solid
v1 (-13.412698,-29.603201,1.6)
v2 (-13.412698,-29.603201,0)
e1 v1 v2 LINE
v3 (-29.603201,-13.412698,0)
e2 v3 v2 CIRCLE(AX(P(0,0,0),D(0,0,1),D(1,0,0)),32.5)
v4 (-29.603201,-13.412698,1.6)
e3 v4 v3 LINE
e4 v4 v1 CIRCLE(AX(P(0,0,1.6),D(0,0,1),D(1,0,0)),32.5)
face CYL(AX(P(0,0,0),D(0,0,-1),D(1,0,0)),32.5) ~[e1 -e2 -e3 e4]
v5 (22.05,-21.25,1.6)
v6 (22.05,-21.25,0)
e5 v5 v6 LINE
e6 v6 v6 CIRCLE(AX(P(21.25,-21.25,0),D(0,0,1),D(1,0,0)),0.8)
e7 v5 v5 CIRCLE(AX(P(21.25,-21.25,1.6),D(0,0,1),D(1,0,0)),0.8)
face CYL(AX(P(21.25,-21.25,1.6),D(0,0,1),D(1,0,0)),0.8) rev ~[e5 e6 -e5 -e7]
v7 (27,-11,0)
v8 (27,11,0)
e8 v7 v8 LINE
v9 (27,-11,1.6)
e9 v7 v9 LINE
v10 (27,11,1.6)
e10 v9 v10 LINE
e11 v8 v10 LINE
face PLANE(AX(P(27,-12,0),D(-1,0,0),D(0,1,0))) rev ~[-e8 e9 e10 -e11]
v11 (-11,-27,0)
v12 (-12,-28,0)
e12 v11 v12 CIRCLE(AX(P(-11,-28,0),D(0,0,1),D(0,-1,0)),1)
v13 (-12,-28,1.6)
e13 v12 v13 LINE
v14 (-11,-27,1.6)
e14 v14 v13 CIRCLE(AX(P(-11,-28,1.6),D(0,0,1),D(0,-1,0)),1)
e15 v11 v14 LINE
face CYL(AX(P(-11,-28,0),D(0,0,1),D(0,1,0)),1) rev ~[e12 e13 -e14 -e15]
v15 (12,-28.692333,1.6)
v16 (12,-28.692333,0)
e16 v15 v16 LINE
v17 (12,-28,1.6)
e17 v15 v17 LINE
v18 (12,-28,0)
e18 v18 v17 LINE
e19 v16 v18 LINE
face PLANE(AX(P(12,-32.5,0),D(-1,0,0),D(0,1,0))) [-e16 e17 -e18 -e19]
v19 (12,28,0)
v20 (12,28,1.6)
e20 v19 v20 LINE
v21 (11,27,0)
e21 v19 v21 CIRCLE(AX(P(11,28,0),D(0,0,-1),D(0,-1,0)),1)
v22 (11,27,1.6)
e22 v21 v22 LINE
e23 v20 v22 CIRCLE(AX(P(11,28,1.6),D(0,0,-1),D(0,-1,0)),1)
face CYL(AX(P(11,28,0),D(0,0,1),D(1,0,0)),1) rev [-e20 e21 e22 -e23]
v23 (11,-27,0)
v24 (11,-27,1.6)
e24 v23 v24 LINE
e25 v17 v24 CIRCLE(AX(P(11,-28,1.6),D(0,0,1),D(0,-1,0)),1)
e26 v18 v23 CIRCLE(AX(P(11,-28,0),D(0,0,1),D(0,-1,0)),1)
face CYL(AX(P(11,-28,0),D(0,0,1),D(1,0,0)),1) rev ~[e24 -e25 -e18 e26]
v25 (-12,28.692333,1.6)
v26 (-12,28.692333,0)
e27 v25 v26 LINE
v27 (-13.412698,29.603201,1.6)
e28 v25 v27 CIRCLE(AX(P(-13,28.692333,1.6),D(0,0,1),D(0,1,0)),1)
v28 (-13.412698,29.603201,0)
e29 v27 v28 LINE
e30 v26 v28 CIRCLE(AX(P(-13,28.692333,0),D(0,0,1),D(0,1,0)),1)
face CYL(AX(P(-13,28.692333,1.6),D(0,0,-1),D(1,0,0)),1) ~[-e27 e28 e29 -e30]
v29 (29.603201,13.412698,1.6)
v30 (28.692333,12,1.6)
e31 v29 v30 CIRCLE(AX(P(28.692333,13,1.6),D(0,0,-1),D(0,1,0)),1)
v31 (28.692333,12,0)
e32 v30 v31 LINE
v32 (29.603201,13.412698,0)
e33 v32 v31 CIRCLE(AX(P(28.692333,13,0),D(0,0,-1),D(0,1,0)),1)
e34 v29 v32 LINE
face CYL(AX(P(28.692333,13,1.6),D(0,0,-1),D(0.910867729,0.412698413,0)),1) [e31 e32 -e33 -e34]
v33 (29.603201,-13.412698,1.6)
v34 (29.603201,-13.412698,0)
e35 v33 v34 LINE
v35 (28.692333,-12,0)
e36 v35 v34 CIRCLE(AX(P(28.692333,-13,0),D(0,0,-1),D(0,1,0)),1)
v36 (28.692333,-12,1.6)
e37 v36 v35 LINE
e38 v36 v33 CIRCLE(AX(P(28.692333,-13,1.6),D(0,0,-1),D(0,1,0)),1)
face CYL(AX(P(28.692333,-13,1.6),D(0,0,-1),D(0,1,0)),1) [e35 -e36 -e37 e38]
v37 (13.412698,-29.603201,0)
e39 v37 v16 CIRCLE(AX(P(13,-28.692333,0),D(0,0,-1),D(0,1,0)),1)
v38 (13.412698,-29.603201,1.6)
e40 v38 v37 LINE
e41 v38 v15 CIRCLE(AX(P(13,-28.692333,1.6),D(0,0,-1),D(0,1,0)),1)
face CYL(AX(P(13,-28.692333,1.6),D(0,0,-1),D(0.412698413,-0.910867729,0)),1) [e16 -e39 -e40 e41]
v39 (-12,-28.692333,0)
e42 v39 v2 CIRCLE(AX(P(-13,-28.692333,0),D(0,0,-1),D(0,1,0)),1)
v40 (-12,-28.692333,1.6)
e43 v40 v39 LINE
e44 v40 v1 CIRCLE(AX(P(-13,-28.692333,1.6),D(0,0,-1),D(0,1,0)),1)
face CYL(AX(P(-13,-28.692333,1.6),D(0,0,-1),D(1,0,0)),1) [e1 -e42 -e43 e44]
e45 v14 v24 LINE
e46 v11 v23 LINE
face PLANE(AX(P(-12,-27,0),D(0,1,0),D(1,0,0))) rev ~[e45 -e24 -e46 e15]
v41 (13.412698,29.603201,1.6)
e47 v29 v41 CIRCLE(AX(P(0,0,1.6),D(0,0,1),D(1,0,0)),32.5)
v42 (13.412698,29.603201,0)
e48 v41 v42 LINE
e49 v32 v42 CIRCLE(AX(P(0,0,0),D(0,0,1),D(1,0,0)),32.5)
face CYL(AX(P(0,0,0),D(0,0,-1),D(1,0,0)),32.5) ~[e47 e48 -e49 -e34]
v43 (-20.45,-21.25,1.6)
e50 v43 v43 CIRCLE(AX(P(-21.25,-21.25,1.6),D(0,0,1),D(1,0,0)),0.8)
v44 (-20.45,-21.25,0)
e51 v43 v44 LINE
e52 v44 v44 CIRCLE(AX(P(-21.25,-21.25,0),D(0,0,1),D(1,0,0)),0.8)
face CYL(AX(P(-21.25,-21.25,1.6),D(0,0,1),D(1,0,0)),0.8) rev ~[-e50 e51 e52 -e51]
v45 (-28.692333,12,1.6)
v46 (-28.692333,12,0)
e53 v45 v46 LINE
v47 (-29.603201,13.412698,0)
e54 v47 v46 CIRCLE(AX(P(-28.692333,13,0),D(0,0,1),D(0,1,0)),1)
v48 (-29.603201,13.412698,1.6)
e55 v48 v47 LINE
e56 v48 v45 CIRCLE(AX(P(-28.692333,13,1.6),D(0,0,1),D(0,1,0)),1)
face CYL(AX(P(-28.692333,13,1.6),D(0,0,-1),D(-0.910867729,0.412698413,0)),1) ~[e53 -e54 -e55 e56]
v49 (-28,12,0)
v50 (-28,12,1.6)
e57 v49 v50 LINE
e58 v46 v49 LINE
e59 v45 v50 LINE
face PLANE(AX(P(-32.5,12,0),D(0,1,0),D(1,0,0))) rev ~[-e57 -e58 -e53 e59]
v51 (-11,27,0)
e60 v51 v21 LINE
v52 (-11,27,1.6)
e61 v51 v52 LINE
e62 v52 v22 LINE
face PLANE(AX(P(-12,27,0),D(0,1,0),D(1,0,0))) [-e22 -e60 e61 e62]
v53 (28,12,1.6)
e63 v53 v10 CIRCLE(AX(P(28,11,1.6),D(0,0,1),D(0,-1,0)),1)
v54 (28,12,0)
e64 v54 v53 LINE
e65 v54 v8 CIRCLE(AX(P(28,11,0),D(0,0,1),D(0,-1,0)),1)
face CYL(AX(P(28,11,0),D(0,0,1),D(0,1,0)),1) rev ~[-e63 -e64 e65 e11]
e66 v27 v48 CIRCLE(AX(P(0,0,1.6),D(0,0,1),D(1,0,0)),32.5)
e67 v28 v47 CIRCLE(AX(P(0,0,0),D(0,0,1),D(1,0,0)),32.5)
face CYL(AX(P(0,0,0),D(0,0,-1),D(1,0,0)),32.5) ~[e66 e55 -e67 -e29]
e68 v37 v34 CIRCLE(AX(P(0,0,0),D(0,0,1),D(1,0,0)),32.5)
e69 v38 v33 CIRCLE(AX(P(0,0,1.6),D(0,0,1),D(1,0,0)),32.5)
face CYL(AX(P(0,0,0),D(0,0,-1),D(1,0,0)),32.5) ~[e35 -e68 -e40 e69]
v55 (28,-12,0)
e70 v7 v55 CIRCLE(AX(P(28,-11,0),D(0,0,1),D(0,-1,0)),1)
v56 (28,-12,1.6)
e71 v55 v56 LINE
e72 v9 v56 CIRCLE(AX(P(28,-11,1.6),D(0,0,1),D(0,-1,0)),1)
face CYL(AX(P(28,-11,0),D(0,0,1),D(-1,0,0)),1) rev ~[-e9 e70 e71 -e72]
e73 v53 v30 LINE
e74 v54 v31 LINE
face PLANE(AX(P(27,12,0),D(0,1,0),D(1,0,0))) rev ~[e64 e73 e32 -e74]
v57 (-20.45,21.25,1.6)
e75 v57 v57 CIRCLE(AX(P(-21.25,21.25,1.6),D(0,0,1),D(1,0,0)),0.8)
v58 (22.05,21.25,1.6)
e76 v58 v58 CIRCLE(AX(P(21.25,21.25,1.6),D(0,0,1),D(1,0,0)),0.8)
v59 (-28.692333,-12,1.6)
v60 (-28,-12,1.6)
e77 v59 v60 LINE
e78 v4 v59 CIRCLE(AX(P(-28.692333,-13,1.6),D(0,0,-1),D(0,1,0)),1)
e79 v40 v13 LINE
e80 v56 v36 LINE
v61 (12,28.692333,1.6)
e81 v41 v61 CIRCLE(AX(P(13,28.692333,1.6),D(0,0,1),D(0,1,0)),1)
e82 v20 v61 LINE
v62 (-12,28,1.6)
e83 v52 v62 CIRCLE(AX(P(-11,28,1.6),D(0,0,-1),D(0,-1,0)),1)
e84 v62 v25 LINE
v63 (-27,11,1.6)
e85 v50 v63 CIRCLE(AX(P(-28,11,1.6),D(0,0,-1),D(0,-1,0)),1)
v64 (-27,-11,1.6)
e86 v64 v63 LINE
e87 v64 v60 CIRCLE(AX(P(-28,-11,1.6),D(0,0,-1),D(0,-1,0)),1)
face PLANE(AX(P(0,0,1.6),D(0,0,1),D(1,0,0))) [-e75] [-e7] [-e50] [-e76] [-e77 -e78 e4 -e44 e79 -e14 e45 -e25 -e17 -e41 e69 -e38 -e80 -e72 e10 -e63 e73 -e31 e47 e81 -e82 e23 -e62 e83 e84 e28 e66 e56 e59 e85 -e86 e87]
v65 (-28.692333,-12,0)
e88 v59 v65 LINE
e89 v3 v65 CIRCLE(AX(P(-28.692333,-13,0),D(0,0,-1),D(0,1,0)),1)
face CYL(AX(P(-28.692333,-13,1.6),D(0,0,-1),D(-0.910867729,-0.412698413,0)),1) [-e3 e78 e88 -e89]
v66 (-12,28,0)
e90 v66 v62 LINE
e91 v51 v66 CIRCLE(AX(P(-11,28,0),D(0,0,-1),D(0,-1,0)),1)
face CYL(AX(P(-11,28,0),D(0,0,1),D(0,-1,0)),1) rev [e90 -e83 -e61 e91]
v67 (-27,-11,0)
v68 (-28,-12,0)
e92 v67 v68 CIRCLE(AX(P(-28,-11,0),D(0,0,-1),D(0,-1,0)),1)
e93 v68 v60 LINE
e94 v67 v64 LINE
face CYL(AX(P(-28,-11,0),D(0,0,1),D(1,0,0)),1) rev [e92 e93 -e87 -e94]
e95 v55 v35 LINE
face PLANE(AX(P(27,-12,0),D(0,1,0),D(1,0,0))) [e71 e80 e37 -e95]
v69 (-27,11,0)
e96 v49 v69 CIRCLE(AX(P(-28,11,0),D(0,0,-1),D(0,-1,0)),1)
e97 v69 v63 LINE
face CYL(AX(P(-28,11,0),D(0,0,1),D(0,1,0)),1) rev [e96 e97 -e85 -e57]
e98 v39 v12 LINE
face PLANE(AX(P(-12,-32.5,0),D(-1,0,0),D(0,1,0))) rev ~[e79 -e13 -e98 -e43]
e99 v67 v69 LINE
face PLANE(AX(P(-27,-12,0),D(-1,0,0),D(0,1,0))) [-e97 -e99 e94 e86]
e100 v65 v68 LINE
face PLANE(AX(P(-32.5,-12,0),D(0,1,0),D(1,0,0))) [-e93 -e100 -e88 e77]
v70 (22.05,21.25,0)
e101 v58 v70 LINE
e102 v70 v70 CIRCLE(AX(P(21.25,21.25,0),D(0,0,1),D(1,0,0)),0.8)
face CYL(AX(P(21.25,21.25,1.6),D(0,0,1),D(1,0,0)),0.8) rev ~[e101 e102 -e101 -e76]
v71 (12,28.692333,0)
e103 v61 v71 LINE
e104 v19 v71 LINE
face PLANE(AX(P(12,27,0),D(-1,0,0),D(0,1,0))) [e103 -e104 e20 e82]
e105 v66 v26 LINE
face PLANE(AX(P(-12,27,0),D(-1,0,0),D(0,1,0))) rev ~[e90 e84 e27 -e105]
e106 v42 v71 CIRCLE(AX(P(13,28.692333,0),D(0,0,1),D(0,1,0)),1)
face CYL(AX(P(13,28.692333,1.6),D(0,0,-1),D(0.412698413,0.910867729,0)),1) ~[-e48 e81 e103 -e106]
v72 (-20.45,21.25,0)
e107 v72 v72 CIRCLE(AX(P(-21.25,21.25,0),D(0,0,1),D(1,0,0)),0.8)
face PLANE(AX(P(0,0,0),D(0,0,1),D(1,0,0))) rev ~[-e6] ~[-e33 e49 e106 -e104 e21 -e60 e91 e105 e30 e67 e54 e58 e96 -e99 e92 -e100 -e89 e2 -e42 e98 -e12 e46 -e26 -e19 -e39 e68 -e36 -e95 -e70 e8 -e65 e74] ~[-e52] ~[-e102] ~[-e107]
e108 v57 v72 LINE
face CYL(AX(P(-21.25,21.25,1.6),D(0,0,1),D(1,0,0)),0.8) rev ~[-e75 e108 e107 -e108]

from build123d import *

# Parameters (mm, degrees)
SKETCH_1_R          = 32.5
EXTRUDE_1_DEPTH     = 1.6
SKETCH_2_W          = 24
SKETCH_2_H          = 5.5
SKETCH_2_W_2        = 5.5
SKETCH_2_H_2        = 24
CUT_EXTRUDE_1_DEPTH = 1.6
SKETCH_3_R          = 0.8
CUT_EXTRUDE_2_DEPTH = 1.6
FILLET_1_R          = 1


with BuildPart() as part:
    # 草图1 → 凸台-拉伸1 (new body)
    with BuildSketch(Plane.XY):
        Circle(SKETCH_1_R)
    extrude(amount=EXTRUDE_1_DEPTH)

    # 草图2 → 切除-拉伸1 (cut)
    with BuildSketch(Plane.XY):
        with Locations((0, -29.75)):
            Rectangle(SKETCH_2_W, SKETCH_2_H)
        with Locations((29.75, 0)):
            Rectangle(SKETCH_2_W_2, SKETCH_2_H_2)
        with Locations((-29.75, 0)):
            Rectangle(SKETCH_2_W_2, SKETCH_2_H_2)
        with Locations((0, 29.75)):
            Rectangle(SKETCH_2_W, SKETCH_2_H)
    extrude(amount=CUT_EXTRUDE_1_DEPTH, mode=Mode.SUBTRACT)

    # 草图3 → 切除-拉伸2 (cut)
    with BuildSketch(Plane.XY.offset(1.6)):
        with Locations((21.25, 21.25)):
            Circle(SKETCH_3_R)
        with Locations((21.25, -21.25)):
            Circle(SKETCH_3_R)
        with Locations((-21.25, -21.25)):
            Circle(SKETCH_3_R)
        with Locations((-21.25, 21.25)):
            Circle(SKETCH_3_R)
    extrude(amount=-CUT_EXTRUDE_2_DEPTH, mode=Mode.SUBTRACT)

    # 圆角1
    fillet_1_edges = [part.edges().sort_by_distance(p)[0] for p in [
        (27, -12, 0.8),
        (27, 12, 0.8),
        (30.203476621, -12, 0.8),
        (30.203476621, 12, 0.8),
        (-12, -27, 0.8),
        (12, -30.203476621, 0.8),
        (12, -27, 0.8),
        (-12, -30.203476621, 0.8),
        (-27, 12, 0.8),
        (-30.203476621, -12, 0.8),
        (-27, -12, 0.8),
        (-30.203476621, 12, 0.8),
        (12, 27, 0.8),
        (-12, 30.203476621, 0.8),
        (-12, 27, 0.8),
        (12, 30.203476621, 0.8),
    ]]
    fillet(fillet_1_edges, radius=FILLET_1_R)


solid = part.part
